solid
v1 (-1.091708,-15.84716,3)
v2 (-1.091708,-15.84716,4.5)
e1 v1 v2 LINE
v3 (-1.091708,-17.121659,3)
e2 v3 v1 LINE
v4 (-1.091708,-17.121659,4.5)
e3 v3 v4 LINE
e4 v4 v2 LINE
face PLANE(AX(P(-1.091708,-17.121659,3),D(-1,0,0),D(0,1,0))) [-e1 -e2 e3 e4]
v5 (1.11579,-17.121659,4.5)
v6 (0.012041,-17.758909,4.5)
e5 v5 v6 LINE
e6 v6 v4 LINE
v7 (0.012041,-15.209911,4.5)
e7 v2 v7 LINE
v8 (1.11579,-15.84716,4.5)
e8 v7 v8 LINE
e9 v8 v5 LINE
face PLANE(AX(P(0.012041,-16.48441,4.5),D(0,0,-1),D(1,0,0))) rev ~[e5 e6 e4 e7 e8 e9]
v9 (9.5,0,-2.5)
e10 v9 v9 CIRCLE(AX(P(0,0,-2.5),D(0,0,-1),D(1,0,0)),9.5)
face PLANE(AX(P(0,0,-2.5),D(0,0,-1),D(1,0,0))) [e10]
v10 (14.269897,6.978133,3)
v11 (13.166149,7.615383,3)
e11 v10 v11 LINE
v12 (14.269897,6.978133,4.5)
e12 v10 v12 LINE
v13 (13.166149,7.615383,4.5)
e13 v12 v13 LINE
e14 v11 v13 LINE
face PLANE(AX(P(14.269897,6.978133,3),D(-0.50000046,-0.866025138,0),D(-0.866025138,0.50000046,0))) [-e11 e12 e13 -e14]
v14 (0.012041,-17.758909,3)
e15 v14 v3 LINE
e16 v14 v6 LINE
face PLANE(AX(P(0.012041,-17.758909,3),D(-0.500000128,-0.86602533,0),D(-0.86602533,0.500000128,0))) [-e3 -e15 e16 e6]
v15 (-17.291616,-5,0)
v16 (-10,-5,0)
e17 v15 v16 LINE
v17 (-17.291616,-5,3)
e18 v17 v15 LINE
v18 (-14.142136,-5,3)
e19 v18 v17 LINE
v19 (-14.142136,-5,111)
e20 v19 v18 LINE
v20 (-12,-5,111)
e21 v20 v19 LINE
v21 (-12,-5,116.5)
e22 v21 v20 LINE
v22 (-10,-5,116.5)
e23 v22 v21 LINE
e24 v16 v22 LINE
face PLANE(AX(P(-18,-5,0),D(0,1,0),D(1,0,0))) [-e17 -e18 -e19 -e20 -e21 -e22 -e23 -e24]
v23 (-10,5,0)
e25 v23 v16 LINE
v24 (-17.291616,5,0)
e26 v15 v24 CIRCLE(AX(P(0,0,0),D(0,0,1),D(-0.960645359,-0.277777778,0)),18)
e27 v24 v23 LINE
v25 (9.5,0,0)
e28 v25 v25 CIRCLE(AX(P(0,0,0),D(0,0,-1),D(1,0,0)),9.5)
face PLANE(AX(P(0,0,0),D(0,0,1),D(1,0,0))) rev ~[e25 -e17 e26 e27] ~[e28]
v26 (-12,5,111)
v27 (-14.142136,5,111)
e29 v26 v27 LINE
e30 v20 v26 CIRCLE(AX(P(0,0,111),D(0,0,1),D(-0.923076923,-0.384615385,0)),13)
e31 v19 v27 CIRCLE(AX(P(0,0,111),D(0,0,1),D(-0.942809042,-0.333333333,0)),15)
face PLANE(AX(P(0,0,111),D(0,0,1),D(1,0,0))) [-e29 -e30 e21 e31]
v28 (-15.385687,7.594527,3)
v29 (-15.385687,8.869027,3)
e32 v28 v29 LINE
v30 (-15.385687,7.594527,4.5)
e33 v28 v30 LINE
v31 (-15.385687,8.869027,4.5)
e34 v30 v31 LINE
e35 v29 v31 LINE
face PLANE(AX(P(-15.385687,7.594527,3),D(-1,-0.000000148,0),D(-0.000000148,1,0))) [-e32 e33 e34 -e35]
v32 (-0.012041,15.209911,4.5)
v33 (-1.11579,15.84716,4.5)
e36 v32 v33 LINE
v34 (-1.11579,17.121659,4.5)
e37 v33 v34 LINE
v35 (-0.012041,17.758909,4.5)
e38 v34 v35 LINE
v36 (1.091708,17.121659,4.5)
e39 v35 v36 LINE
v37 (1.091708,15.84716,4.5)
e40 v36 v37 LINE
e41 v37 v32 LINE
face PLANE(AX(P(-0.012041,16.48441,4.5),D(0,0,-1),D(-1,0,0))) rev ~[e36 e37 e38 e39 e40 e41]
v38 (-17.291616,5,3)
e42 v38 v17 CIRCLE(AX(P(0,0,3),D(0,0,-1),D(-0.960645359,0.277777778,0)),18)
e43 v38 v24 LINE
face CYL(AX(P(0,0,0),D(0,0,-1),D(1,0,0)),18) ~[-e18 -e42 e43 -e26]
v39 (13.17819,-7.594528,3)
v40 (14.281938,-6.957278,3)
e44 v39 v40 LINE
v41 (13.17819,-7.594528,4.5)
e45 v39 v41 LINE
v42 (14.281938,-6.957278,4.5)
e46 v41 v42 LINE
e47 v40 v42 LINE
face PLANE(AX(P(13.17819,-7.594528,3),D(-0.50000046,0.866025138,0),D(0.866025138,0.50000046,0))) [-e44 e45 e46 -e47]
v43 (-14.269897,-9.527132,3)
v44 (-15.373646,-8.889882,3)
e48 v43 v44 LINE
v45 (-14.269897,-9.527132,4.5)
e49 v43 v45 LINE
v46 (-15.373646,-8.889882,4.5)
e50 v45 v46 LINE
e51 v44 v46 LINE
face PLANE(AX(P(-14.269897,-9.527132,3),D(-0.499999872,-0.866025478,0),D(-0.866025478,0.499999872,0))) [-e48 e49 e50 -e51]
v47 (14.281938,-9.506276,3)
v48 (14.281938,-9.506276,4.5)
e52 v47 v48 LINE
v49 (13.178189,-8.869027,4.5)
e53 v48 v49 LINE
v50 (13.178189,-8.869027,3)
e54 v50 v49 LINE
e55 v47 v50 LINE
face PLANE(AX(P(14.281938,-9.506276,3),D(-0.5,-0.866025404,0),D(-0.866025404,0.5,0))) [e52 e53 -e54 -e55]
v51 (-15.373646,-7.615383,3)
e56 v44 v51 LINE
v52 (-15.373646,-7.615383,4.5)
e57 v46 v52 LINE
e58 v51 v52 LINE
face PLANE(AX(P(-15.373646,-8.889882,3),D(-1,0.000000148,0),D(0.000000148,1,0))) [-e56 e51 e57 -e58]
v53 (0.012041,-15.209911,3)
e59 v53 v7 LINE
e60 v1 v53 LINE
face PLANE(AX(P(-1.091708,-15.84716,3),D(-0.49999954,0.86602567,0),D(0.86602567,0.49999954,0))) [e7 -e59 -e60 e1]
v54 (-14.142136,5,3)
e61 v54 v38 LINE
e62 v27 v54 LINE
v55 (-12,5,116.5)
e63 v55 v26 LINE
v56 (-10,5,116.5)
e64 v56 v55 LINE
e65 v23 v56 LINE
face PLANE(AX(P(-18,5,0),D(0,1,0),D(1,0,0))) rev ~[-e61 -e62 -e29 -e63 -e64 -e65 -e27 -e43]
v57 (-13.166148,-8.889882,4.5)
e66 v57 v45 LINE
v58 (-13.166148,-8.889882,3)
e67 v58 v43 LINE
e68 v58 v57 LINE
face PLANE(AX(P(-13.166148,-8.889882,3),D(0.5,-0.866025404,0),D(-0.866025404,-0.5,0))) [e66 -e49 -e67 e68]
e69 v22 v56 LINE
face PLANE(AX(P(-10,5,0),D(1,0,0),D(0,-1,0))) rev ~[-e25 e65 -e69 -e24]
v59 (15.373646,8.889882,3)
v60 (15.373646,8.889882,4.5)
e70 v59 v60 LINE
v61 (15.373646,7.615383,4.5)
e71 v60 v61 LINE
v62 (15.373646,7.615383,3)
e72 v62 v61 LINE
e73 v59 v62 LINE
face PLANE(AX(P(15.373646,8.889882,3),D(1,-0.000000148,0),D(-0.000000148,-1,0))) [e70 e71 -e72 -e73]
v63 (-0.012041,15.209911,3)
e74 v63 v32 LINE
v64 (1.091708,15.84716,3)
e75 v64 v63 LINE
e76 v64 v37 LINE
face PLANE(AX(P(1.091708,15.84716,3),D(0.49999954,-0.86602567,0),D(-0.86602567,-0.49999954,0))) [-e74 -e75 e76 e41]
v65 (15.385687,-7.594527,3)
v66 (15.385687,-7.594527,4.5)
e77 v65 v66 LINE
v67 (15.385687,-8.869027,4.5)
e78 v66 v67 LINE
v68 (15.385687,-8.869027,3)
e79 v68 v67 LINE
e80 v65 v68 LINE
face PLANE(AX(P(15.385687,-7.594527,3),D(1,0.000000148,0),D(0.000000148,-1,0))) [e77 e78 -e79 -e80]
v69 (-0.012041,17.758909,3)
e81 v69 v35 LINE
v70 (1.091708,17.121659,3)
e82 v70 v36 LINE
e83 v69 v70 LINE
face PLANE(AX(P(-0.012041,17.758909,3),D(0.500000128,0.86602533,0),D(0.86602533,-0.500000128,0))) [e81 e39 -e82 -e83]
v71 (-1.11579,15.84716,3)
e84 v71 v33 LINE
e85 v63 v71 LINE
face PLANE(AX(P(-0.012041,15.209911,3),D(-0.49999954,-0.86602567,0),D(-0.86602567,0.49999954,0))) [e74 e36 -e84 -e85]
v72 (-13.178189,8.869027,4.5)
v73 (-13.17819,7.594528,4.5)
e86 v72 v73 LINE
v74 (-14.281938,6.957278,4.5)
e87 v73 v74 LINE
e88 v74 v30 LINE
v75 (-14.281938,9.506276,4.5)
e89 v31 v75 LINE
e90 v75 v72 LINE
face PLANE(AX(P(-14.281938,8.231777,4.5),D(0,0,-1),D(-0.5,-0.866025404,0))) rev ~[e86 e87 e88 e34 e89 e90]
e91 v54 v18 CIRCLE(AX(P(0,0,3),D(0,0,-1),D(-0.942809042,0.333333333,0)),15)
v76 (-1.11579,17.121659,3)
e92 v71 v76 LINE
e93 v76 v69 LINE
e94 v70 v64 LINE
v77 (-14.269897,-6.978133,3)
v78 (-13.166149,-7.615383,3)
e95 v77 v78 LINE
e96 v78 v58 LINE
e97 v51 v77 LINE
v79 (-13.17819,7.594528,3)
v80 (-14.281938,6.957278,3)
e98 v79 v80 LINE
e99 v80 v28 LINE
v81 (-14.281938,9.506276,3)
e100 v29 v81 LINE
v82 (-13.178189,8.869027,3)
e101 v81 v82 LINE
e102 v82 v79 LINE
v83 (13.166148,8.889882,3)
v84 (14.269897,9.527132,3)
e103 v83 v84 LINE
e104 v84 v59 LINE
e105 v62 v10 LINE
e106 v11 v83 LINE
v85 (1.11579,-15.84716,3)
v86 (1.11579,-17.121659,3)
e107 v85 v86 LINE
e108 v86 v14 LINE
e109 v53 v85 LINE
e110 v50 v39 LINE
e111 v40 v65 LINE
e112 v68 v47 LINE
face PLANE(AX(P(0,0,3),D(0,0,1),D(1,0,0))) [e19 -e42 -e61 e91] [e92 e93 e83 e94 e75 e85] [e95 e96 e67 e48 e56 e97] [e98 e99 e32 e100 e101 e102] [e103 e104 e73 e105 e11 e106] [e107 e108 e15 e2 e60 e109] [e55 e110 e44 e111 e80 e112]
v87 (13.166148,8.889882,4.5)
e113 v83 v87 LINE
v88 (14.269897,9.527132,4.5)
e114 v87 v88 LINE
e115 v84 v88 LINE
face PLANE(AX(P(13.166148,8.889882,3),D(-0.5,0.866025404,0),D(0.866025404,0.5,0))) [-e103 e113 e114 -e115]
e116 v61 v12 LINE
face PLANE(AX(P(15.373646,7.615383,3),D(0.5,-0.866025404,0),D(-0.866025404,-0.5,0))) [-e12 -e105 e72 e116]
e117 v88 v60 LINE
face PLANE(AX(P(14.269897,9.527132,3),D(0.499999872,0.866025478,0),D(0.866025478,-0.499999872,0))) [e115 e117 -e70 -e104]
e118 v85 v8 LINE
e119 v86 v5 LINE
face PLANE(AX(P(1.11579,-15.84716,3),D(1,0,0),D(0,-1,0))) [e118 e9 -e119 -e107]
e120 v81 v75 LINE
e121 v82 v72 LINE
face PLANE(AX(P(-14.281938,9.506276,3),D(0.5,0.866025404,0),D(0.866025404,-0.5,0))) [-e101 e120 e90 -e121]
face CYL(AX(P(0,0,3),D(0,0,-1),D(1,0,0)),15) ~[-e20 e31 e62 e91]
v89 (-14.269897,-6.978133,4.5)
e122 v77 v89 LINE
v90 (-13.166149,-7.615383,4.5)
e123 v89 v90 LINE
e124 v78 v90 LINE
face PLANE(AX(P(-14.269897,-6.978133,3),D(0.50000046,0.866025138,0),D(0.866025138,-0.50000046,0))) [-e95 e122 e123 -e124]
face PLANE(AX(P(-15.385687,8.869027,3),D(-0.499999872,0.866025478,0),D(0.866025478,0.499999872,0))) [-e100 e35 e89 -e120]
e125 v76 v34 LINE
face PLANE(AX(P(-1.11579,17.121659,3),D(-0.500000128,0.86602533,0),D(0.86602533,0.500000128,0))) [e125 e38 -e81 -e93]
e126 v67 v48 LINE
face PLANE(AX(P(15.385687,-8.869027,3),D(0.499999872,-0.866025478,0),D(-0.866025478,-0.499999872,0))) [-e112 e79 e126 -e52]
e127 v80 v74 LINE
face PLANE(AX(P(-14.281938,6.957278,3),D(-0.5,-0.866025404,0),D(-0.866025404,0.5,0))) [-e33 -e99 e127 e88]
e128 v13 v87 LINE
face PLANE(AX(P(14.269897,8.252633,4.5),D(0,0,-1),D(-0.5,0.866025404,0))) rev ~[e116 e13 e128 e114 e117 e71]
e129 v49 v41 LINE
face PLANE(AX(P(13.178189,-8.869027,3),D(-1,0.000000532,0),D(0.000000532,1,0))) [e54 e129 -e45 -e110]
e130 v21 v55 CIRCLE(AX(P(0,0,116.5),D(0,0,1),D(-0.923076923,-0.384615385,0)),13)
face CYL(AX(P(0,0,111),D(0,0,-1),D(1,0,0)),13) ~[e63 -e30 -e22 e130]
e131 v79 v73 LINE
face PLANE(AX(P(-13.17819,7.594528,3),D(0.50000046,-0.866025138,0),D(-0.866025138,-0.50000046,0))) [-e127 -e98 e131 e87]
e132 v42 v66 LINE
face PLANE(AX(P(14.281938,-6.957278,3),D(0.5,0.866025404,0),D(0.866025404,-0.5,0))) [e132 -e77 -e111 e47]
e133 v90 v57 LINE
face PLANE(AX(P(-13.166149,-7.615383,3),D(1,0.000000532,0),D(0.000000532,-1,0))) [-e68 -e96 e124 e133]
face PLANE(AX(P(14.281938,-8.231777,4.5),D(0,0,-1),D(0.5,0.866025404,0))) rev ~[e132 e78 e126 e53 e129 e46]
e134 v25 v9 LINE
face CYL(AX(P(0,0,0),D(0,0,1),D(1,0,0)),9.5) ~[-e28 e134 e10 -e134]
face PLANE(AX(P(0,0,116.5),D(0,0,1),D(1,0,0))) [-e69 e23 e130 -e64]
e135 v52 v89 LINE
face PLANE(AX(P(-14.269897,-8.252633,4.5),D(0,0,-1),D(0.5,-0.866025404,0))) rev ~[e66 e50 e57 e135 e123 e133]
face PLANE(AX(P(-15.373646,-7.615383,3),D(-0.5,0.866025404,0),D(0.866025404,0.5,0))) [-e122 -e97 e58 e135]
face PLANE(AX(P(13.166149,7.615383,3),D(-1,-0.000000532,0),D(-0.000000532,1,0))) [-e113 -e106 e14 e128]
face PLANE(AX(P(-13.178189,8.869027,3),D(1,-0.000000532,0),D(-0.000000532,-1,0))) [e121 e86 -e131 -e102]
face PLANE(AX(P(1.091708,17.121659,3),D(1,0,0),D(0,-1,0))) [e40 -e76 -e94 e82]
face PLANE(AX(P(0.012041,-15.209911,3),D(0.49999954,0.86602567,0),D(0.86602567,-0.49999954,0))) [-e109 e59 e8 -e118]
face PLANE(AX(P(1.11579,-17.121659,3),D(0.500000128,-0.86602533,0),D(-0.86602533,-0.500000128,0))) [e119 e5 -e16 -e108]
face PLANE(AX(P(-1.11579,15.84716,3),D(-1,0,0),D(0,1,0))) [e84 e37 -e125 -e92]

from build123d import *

# Parameters (mm, degrees)
SKETCH_R           = 18
PAD_DEPTH          = 3
SKETCH001_R        = 15
PAD001_DEPTH       = 108
SKETCH002_R        = 9.5
PAD002_DEPTH       = 2.5
SKETCH003_R        = 13
PAD003_DEPTH       = 5.5
PAD004_DEPTH       = 1.5
POLARPATTERN_COUNT = 6
SKETCH009_W        = 8
SKETCH009_H        = 10
POCKET_DEPTH       = 118


with BuildPart() as part:
    # Sketch → Pad (new body)
    with BuildSketch(Plane.XY):
        Circle(SKETCH_R)
    extrude(amount=PAD_DEPTH)

    # Sketch001 (on Face3 of Pad) → Pad001 (join)
    with BuildSketch(Plane.XY.offset(3)):
        Circle(SKETCH001_R)
    extrude(amount=PAD001_DEPTH)

    # Sketch002 (on Face2 of Pad001) → Pad002 (join)
    with BuildSketch(Plane(origin=(0, 0, 0), x_dir=(1, 0, 0), z_dir=(0, 0, -1))):
        Circle(SKETCH002_R)
    extrude(amount=PAD002_DEPTH)

    # Sketch003 (on Face7 of Pad002) → Pad003 (join)
    with BuildSketch(Plane.XY.offset(111)):
        Circle(SKETCH003_R)
    extrude(amount=PAD003_DEPTH)

    # Sketch008 (on Face3 of Pad003) → Pad004 (join)
    with BuildSketch(Plane.XY.offset(3)):
        Polygon((-1.11579, 17.121659), (-0.012041, 17.758909), (1.091708, 17.121659), (1.091708, 15.84716), (-0.012041, 15.209911), (-1.11579, 15.84716), align=None)
    pad004 = extrude(amount=PAD004_DEPTH)

    # PolarPattern: Pad004 ×6 about axis
    polarpattern_axis = Axis((0, 0, 3), (0, 0, 1))
    for i in range(1, POLARPATTERN_COUNT):
        add(pad004.rotate(polarpattern_axis, i * 360 / POLARPATTERN_COUNT))

    # Sketch009 (on Face2 of PolarPattern) → Pocket (cut)
    with BuildSketch(Plane(origin=(0, 0, 0), x_dir=(1, 0, 0), z_dir=(0, 0, -1))):
        with Locations((-14, 0)):
            Rectangle(SKETCH009_W, SKETCH009_H)
    extrude(amount=-POCKET_DEPTH, mode=Mode.SUBTRACT)


solid = part.part
